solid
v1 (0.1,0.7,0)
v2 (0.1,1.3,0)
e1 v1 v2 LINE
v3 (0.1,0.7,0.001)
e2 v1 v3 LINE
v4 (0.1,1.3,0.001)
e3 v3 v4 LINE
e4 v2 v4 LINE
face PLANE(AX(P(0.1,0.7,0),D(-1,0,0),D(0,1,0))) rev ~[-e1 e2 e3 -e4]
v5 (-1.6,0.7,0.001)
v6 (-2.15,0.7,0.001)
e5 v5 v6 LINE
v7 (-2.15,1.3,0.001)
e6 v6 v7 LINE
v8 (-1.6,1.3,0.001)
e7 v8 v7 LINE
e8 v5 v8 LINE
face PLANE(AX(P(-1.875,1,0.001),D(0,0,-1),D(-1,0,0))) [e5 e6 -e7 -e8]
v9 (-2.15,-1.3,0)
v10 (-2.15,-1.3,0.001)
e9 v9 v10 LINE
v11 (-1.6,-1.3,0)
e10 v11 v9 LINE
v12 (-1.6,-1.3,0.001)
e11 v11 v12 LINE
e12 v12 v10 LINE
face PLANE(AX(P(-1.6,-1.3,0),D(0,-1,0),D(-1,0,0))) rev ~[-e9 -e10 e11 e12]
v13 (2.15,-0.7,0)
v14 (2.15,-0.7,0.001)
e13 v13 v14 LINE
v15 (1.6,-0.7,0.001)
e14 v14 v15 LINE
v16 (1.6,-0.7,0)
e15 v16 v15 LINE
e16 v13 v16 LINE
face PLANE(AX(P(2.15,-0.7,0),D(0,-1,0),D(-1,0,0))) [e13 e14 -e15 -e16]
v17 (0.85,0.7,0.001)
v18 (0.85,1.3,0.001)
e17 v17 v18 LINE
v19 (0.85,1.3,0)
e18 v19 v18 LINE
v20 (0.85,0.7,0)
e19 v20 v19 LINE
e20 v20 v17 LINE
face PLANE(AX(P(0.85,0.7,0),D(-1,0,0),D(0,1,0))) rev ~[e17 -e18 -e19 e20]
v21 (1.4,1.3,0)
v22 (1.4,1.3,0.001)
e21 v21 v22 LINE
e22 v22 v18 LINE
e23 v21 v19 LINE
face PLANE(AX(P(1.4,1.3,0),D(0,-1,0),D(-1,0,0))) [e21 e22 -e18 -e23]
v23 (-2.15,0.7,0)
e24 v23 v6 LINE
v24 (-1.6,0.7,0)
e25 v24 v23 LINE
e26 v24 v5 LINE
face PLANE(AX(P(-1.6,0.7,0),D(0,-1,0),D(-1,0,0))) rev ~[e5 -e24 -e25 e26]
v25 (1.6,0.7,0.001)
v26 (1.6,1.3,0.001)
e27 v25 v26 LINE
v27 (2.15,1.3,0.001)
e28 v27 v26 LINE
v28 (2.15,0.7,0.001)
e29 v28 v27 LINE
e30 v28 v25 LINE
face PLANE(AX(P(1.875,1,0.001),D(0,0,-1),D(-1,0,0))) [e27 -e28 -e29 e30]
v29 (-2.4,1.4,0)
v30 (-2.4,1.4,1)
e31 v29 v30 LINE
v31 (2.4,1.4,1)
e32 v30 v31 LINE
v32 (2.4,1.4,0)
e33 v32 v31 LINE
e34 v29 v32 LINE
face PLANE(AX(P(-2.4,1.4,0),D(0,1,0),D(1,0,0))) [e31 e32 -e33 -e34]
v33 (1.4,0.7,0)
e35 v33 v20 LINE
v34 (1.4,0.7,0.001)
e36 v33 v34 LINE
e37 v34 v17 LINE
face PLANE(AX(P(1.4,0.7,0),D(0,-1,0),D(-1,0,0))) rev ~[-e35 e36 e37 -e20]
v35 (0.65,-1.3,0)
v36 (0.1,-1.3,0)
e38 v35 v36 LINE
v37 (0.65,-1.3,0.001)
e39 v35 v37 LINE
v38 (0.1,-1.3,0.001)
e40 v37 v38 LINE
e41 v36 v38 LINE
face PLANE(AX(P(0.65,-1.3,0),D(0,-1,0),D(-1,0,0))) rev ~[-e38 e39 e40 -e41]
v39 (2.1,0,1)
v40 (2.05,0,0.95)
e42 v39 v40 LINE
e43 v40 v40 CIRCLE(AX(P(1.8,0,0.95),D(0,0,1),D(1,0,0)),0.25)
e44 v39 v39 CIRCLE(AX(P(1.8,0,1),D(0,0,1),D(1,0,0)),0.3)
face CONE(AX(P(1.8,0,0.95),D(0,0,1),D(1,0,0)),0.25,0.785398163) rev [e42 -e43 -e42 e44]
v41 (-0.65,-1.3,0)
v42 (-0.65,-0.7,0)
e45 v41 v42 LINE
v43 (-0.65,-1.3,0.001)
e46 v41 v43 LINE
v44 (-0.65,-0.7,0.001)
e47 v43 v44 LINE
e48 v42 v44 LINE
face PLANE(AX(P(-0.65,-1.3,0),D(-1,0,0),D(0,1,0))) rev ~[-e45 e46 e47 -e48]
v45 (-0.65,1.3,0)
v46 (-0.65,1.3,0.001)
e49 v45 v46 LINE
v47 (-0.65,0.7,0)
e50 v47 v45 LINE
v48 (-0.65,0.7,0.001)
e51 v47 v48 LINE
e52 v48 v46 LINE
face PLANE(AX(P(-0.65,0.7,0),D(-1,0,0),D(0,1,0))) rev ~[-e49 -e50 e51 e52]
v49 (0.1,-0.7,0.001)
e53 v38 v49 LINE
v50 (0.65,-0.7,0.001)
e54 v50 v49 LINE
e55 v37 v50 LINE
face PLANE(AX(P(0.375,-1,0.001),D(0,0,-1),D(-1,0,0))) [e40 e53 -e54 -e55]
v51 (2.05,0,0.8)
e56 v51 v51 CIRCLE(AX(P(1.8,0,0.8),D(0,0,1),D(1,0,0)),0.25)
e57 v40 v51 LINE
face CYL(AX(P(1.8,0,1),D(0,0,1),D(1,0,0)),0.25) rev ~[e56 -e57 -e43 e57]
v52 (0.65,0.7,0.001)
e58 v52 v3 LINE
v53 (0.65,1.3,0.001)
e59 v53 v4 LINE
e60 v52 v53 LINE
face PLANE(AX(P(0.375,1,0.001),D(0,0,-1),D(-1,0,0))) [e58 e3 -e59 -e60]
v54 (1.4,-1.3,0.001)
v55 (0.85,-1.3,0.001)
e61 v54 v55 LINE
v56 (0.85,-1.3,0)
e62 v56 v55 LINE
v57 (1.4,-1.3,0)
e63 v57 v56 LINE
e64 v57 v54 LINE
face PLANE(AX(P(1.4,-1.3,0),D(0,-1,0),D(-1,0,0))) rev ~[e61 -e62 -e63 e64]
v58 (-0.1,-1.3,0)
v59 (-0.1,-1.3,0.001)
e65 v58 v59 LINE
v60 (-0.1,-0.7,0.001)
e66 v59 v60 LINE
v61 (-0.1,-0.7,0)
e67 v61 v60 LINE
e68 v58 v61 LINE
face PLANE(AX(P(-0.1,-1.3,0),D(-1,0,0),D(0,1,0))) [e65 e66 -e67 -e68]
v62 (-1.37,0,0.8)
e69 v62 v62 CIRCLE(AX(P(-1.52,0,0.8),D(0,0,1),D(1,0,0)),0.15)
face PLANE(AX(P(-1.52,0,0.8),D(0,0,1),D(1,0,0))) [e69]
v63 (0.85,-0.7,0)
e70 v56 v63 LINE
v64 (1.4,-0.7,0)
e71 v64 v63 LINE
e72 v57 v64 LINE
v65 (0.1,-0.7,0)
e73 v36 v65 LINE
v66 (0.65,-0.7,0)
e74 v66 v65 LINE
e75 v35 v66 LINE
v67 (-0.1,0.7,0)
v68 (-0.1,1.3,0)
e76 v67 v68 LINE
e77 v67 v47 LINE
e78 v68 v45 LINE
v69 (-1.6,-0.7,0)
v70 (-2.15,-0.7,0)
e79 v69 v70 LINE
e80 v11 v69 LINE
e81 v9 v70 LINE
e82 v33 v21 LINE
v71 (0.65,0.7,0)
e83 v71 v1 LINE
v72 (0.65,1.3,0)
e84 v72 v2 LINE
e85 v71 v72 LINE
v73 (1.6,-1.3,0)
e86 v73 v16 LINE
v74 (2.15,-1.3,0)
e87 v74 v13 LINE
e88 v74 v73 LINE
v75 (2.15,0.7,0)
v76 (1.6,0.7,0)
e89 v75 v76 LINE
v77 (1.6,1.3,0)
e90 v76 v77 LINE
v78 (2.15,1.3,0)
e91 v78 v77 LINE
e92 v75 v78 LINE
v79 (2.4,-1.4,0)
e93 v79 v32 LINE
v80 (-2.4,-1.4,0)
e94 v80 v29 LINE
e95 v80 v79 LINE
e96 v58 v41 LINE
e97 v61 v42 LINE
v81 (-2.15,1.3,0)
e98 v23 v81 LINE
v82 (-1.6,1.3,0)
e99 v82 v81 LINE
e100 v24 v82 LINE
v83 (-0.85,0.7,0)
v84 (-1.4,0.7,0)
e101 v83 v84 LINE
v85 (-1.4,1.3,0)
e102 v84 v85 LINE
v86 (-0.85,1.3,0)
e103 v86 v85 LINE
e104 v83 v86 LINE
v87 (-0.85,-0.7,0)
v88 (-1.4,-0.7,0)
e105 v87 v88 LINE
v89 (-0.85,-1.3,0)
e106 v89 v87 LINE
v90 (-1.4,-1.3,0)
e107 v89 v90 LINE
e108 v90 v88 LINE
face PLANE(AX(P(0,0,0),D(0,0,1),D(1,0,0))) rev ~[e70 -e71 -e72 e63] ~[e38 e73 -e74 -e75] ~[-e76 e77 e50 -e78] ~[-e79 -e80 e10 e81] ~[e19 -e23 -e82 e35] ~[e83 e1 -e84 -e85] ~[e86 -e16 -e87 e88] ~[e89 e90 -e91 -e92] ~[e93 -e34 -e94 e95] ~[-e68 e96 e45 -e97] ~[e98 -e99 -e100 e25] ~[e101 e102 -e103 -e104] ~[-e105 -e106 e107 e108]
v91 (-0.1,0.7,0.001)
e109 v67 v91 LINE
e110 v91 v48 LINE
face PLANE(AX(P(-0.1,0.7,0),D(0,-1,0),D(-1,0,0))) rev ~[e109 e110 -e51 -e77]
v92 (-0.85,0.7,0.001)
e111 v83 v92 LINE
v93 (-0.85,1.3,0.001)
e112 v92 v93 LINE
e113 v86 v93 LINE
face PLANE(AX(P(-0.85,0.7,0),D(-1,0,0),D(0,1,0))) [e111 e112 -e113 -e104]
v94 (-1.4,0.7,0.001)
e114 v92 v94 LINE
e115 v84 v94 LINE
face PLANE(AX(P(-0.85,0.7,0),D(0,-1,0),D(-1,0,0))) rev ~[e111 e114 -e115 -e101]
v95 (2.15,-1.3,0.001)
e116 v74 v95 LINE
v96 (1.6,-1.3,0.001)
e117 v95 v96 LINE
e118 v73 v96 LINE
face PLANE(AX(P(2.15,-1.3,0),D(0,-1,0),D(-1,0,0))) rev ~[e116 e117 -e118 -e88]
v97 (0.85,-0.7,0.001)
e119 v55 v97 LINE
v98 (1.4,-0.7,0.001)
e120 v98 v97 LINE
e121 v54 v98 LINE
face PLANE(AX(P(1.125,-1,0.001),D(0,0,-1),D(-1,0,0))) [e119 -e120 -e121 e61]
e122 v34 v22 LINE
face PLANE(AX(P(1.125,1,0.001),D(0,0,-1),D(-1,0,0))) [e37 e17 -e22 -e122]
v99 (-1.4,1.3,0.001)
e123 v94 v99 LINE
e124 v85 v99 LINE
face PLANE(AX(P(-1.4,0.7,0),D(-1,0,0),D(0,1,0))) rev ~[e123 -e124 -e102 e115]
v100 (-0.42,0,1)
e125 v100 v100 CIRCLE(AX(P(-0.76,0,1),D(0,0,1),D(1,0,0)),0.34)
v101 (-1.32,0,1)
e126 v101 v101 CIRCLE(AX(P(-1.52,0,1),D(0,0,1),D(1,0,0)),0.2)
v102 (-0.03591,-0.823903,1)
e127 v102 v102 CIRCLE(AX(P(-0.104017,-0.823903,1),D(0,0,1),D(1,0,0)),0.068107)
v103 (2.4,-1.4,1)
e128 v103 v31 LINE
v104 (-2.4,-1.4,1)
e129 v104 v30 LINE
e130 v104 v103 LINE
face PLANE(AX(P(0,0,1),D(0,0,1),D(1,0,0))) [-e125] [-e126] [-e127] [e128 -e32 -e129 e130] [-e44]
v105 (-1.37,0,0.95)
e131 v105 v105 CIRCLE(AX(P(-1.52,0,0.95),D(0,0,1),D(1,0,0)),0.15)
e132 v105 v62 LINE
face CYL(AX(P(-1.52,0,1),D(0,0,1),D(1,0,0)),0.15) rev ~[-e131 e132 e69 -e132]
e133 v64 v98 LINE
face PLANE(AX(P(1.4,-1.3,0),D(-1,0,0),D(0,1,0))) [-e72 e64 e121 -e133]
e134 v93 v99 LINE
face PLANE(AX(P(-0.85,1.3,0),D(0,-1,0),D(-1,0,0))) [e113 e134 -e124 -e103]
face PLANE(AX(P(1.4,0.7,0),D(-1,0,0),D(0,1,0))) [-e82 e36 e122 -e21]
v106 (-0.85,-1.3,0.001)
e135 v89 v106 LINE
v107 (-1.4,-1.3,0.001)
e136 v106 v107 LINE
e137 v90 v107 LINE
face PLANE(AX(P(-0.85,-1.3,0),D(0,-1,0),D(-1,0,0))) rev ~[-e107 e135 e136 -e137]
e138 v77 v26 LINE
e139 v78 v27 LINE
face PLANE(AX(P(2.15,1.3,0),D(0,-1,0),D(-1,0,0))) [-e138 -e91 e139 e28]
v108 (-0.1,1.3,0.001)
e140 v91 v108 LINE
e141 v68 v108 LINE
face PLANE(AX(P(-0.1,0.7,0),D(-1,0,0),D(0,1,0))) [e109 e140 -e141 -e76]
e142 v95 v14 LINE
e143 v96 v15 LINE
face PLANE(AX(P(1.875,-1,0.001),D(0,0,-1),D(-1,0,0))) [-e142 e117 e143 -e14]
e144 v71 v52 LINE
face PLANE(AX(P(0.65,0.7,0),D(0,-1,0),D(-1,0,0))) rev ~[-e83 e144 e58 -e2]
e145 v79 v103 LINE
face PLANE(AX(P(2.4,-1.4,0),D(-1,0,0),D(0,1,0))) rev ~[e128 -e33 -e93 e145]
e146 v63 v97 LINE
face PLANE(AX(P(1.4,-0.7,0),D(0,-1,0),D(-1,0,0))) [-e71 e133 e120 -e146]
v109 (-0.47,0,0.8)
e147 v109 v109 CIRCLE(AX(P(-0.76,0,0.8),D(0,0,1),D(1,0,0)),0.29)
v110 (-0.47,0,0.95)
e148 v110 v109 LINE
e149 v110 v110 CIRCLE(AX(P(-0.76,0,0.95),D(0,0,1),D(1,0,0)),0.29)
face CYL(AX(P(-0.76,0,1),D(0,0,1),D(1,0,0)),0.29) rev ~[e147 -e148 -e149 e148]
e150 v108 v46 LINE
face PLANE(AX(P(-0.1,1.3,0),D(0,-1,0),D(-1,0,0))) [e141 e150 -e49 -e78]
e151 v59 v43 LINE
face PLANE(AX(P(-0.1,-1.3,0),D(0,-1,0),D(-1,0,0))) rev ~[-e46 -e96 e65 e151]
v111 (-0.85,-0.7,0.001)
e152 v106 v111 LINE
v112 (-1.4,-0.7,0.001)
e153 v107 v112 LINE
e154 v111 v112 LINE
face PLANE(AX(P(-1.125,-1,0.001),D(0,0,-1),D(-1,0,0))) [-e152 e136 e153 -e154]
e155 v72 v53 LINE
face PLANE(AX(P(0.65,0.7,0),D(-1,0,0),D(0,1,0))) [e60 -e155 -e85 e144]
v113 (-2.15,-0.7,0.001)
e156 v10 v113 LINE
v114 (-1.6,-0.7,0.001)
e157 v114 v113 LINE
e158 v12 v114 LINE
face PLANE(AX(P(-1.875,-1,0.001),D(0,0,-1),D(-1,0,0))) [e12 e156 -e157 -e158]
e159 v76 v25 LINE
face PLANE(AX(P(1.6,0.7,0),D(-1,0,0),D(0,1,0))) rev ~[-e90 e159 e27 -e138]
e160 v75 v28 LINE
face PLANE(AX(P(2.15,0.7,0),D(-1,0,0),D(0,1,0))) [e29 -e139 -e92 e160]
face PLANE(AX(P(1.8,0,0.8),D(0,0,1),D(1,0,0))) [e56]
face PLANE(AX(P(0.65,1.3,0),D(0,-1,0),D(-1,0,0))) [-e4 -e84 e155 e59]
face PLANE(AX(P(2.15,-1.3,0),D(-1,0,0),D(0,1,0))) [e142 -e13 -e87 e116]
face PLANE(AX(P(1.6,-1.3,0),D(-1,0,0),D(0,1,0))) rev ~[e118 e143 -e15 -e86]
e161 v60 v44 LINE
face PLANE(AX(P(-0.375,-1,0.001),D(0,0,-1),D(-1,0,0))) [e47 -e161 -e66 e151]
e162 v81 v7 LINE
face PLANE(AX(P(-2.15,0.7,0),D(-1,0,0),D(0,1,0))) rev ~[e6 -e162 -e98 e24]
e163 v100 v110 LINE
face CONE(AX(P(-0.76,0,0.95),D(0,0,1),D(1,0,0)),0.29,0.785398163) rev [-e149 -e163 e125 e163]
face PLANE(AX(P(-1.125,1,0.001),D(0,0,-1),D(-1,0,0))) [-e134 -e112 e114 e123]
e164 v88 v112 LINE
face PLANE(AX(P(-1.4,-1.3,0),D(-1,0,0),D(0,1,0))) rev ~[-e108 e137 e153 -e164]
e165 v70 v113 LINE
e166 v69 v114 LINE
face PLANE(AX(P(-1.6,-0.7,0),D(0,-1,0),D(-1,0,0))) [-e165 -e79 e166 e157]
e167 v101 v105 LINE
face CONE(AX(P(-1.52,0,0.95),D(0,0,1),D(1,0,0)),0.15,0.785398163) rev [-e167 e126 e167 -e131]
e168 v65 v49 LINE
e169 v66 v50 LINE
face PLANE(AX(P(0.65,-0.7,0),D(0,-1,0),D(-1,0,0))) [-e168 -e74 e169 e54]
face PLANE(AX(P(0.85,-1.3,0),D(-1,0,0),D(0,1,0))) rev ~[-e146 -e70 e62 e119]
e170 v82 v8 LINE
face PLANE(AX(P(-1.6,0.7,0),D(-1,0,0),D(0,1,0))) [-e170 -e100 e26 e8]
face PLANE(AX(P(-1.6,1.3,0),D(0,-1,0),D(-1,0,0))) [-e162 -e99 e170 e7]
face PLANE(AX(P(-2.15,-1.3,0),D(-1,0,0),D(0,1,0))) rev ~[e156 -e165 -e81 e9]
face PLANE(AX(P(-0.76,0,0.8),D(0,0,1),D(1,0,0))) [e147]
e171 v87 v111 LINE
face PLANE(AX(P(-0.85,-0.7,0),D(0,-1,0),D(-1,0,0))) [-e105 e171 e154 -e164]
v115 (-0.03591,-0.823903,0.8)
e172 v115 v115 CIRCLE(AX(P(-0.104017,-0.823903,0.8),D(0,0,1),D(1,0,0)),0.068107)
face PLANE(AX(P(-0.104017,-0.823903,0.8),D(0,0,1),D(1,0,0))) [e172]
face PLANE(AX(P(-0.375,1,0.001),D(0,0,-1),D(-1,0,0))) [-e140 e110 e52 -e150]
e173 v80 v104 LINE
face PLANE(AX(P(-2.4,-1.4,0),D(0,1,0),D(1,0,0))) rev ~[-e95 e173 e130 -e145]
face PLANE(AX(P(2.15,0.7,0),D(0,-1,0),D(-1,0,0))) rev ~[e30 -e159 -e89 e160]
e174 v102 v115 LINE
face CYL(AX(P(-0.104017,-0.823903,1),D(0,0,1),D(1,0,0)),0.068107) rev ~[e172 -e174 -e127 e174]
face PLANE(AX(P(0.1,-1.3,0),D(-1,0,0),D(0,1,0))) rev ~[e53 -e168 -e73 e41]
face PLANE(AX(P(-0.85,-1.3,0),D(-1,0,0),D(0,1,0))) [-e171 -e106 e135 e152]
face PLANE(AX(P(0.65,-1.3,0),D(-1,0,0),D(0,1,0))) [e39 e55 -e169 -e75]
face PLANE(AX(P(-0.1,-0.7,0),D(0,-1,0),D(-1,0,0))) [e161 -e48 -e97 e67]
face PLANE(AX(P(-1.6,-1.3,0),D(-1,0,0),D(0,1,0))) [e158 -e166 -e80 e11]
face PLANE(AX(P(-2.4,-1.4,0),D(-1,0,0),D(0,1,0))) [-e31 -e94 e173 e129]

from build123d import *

# Parameters (mm, degrees)
SKETCH1_W           = 4.8
SKETCH1_H           = 2.8
BOSS_EXTRUDE1_DEPTH = 1
SKETCH2_R           = 0.25
SKETCH2_R_2         = 0.068106799
SKETCH2_R_3         = 0.29
SKETCH2_R_4         = 0.15
CUT_EXTRUDE1_DEPTH  = 0.2
CHAMFER1_SIZE       = 0.05
SKETCH3_W           = 0.55
SKETCH3_H           = 0.6
CUT_EXTRUDE2_DEPTH  = 0.001


with BuildPart() as part:
    # Sketch1 → Boss-Extrude1 (new body)
    with BuildSketch(Plane.XY):
        Rectangle(SKETCH1_W, SKETCH1_H)
    extrude(amount=BOSS_EXTRUDE1_DEPTH)

    # Sketch2 → Cut-Extrude1 (cut)
    with BuildSketch(Plane.XY.offset(1)):
        with Locations((1.8, 0)):
            Circle(SKETCH2_R)
        with Locations((-0.104016801, -0.823903451)):
            Circle(SKETCH2_R_2)
        with Locations((-0.76, 0)):
            Circle(SKETCH2_R_3)
        with Locations((-1.52, 0)):
            Circle(SKETCH2_R_4)
    extrude(amount=-CUT_EXTRUDE1_DEPTH, mode=Mode.SUBTRACT)

    # Chamfer1
    chamfer1_edges = [part.edges().sort_by_distance(p)[0] for p in [
        (1.55, 0, 1),
        (-1.05, 0, 1),
        (-1.67, 0, 1),
    ]]
    chamfer(chamfer1_edges, length=CHAMFER1_SIZE)

    # Sketch3 → Cut-Extrude2 (cut)
    with BuildSketch(Plane(origin=(0, 0, 0), x_dir=(-1, 0, 0), z_dir=(0, 0, -1))):
        with Locations((1.875, -1)):
            Rectangle(SKETCH3_W, SKETCH3_H)
        with Locations((1.125, -1)):
            Rectangle(SKETCH3_W, SKETCH3_H)
        with Locations((0.375, -1)):
            Rectangle(SKETCH3_W, SKETCH3_H)
        with Locations((-0.375, -1)):
            Rectangle(SKETCH3_W, SKETCH3_H)
        with Locations((-1.125, -1)):
            Rectangle(SKETCH3_W, SKETCH3_H)
        with Locations((-1.875, -1)):
            Rectangle(SKETCH3_W, SKETCH3_H)
        with Locations((1.125, 1)):
            Rectangle(SKETCH3_W, SKETCH3_H)
        with Locations((0.375, 1)):
            Rectangle(SKETCH3_W, SKETCH3_H)
        with Locations((-0.375, 1)):
            Rectangle(SKETCH3_W, SKETCH3_H)
        with Locations((-1.125, 1)):
            Rectangle(SKETCH3_W, SKETCH3_H)
        with Locations((-1.875, 1)):
            Rectangle(SKETCH3_W, SKETCH3_H)
        with Locations((1.875, 1)):
            Rectangle(SKETCH3_W, SKETCH3_H)
    extrude(amount=-CUT_EXTRUDE2_DEPTH, mode=Mode.SUBTRACT)


solid = part.part
